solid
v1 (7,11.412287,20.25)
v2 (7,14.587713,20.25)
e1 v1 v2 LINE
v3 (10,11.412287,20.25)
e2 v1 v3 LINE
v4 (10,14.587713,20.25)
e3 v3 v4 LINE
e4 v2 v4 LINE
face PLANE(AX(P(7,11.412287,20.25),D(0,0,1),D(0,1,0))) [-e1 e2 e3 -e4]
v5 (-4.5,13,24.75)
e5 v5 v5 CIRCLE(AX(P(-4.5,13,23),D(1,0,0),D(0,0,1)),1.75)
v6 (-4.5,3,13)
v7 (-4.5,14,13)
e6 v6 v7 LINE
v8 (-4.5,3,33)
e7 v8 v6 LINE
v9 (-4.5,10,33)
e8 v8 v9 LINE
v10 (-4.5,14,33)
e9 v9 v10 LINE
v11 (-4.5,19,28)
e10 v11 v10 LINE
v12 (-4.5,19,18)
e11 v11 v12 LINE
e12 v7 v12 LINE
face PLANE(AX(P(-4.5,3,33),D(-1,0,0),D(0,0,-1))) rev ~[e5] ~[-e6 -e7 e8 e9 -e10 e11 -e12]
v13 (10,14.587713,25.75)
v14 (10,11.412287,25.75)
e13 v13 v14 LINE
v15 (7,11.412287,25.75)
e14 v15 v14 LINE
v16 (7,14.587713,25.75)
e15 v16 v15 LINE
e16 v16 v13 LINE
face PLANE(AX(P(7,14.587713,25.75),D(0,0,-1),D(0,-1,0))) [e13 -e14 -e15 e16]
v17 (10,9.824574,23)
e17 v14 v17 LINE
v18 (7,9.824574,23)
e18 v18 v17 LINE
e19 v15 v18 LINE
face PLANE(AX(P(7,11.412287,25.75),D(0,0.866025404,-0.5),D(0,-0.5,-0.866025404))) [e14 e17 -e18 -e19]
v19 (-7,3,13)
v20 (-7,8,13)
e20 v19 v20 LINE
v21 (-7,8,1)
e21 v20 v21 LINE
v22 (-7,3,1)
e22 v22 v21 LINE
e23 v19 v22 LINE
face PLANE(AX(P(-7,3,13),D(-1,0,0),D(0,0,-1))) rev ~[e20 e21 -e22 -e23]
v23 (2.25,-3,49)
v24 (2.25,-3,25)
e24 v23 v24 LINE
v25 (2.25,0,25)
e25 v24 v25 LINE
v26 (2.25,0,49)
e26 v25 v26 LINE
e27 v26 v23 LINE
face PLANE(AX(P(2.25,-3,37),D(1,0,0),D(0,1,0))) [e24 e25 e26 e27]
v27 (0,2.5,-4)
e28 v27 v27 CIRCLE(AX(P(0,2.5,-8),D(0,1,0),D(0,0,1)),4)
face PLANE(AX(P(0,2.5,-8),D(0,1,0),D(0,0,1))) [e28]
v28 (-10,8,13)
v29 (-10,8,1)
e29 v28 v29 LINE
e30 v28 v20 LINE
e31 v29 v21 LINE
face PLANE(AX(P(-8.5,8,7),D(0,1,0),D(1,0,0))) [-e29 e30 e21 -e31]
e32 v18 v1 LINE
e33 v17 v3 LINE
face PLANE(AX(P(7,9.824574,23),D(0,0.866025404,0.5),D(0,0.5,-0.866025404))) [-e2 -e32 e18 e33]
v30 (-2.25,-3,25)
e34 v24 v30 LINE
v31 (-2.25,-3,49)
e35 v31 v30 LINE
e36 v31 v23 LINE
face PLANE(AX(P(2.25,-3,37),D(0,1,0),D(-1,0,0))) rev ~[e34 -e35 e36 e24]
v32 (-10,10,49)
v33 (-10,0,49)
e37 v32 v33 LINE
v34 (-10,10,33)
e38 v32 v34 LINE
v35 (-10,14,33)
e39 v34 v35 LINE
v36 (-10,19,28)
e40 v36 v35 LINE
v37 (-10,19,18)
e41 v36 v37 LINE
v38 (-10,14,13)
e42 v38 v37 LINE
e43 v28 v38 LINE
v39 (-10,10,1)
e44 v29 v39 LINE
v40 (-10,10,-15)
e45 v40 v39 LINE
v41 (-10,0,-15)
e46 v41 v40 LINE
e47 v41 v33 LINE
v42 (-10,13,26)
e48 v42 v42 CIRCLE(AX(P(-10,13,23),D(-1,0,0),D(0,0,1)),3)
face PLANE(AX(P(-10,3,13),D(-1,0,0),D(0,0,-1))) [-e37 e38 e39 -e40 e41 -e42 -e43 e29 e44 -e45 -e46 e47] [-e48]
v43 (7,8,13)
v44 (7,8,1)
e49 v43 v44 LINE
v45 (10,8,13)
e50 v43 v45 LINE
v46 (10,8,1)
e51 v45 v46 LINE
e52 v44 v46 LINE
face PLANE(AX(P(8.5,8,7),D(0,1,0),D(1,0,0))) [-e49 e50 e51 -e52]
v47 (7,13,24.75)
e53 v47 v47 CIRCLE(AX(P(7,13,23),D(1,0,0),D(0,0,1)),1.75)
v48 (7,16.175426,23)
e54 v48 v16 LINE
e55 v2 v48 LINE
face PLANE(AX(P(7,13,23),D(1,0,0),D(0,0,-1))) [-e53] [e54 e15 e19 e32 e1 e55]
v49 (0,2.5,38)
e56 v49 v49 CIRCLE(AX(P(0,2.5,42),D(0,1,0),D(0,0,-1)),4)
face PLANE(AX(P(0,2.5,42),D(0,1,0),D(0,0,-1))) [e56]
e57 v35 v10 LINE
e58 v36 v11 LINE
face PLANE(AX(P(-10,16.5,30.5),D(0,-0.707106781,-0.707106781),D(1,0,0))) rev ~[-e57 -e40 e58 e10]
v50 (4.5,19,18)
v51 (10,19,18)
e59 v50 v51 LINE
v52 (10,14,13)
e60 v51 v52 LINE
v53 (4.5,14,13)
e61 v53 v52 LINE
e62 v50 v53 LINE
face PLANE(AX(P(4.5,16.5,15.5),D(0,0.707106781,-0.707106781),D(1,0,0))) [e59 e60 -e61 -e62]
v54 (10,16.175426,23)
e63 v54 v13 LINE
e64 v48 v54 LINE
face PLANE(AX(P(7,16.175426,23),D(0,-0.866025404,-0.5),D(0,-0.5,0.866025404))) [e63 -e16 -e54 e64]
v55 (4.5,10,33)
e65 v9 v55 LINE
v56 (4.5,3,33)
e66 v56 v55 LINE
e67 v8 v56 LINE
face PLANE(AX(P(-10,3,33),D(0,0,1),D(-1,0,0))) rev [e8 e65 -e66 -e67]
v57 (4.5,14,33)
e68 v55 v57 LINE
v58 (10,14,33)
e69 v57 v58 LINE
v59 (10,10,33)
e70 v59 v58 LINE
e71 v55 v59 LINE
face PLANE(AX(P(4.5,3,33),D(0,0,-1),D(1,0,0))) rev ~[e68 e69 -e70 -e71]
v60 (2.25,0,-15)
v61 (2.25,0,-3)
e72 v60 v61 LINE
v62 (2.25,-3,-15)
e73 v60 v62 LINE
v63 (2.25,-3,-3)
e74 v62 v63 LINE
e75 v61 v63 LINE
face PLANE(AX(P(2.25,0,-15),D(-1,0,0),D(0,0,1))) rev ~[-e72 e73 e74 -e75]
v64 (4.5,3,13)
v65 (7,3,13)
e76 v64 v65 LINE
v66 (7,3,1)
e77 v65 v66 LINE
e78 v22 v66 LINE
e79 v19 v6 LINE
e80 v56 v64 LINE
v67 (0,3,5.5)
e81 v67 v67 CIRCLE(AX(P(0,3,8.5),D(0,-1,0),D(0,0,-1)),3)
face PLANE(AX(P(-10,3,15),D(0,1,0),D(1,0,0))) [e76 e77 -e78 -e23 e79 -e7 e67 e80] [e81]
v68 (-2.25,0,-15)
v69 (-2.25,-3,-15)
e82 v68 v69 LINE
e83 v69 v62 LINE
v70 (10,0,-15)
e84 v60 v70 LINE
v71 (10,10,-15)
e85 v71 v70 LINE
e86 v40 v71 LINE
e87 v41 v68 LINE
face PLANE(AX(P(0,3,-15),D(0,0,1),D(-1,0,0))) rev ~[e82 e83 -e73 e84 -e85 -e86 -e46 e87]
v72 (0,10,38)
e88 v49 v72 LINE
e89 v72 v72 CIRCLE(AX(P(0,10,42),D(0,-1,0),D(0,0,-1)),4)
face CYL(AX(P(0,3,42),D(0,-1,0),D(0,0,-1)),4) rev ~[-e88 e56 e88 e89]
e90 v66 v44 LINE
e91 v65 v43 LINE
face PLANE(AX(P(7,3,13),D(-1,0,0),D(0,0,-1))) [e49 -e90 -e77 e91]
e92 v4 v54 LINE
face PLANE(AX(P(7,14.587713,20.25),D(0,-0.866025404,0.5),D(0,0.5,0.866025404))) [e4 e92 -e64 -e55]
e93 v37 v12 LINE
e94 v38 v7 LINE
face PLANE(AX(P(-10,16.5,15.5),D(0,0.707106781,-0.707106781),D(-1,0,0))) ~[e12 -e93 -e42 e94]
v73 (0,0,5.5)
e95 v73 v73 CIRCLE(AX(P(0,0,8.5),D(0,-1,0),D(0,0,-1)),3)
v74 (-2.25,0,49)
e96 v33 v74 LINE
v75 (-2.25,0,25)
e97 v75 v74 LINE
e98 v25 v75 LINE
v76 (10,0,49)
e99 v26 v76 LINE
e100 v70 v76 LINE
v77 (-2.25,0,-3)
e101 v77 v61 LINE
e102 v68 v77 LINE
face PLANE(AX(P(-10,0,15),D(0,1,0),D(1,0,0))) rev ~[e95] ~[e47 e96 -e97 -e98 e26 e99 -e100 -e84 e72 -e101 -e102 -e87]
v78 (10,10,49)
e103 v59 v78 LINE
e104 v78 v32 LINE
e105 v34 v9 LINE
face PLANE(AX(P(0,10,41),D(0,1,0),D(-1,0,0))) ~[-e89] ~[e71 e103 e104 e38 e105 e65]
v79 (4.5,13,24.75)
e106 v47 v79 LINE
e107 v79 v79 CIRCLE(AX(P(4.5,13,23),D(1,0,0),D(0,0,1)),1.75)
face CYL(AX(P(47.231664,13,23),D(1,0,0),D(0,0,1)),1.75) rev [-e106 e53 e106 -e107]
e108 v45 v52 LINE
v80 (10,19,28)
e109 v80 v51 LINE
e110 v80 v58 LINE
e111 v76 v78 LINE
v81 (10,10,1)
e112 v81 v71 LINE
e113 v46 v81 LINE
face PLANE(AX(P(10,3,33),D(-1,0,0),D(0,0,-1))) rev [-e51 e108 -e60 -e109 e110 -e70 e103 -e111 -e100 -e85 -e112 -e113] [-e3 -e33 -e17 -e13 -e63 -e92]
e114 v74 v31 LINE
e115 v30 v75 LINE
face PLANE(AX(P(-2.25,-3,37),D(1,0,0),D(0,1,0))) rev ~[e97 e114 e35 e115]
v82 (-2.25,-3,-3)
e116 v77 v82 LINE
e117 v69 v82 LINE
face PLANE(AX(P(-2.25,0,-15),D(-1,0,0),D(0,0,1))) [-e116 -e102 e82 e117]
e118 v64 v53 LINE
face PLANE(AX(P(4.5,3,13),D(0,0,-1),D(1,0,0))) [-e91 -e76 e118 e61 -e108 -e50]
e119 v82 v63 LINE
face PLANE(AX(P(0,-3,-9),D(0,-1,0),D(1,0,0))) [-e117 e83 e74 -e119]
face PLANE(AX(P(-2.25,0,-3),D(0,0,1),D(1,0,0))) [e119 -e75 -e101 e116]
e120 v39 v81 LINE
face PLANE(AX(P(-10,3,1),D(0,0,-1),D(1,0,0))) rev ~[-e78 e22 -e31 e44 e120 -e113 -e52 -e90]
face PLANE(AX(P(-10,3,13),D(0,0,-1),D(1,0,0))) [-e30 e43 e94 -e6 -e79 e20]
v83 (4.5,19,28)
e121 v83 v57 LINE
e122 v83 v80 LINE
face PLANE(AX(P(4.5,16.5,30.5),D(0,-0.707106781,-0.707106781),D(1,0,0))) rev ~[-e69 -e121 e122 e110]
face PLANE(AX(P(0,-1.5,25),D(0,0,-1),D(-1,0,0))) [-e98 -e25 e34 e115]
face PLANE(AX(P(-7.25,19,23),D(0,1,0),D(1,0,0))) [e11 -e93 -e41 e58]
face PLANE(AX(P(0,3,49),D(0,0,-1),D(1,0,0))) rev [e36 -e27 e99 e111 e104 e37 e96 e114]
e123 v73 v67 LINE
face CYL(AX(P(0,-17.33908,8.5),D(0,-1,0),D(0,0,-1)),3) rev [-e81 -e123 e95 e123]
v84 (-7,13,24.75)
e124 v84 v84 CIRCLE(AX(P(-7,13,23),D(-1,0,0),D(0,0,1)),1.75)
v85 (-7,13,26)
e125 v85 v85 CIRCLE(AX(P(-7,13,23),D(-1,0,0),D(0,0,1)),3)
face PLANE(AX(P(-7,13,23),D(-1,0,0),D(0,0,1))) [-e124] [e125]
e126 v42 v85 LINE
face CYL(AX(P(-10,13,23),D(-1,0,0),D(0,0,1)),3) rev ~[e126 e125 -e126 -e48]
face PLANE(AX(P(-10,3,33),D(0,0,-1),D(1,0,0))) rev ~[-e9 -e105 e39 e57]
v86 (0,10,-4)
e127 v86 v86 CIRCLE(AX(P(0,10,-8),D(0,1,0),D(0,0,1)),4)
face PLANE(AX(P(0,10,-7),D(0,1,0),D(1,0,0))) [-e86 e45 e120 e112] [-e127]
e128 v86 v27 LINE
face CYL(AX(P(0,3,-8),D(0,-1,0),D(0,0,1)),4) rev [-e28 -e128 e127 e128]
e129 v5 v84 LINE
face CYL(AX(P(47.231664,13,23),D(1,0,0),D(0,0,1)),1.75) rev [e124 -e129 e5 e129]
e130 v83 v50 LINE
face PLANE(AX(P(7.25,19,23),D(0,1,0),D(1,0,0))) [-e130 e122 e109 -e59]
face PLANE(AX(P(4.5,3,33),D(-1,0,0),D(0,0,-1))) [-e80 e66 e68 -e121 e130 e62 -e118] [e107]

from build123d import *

# Parameters (mm, degrees)
SKETCH1_W               = 20
SKETCH1_H               = 30
BOSS_EXTRUDE1_DEPTH     = 3
SKETCH2_W               = 4.5
SKETCH2_H               = 12
BOSS_EXTRUDE2_DEPTH     = 3
SKETCH3_R               = 7
SKETCH3_R_2             = 4
BOSS_EXTRUDE3_DEPTH     = 7
SKETCH4_R               = 4
BOSS_EXTRUDE4_DEPTH     = 1
CUT_EXTRUDE1_DEPTH      = 20.339079606
CUT_EXTRUDE1_DEPTH_BACK = 20.339079606
SKETCH5_R               = 3
SKETCH6_R               = 7
SKETCH6_R_2             = 4
BOSS_EXTRUDE6_DEPTH     = 7
SKETCH7_W               = 20
SKETCH7_H               = 3
BOSS_EXTRUDE7_DEPTH     = 19
SKETCH8_W               = 4.5
SKETCH8_H               = 3
BOSS_EXTRUDE8_DEPTH     = 12
SKETCH10_W              = 5.5
SKETCH10_H              = 20
BOSS_EXTRUDE9_DEPTH     = 16
CUT_EXTRUDE2_DEPTH      = 57.231663678
CUT_EXTRUDE2_DEPTH_BACK = 57.231663678
SKETCH11_R              = 1.75
SKETCH12_R              = 3
SKETCH12_R_2            = 1.75
CUT_EXTRUDE3_DEPTH      = 3
CUT_EXTRUDE4_START      = -3
SKETCH13_R              = 1.75
CUT_EXTRUDE4_DEPTH      = 3
CHAMFER2_SIZE           = 5
CUT_EXTRUDE5_START      = -1.5
SKETCH14_R              = 4
CUT_EXTRUDE5_DEPTH      = 1.5
SKETCH15_W              = 3
SKETCH15_H              = 12
BOSS_EXTRUDE10_DEPTH    = 5


with BuildPart() as part:
    # Sketch1 → Boss-Extrude1 (new body)
    with BuildSketch(Plane(origin=(0, 0, 0), x_dir=(1, 0, 0), z_dir=(0, 1, 0))):
        Rectangle(SKETCH1_W, SKETCH1_H)
    boss_extrude1 = extrude(amount=BOSS_EXTRUDE1_DEPTH)

    # Sketch2 → Boss-Extrude2 (add)
    with BuildSketch(Plane.XZ):
        with Locations((0, -9)):
            Rectangle(SKETCH2_W, SKETCH2_H)
    boss_extrude2 = extrude(amount=BOSS_EXTRUDE2_DEPTH)

    # Sketch3 → Boss-Extrude3 (add)
    with BuildSketch(Plane(origin=(0, 3, 0), x_dir=(1, 0, 0), z_dir=(0, 1, 0))):
        with Locations(Location((0, 8, 0), (0, 0, 90))):
            Circle(SKETCH3_R)
        with Locations(Location((0, 8, 0), (0, 0, 270))):
            Circle(SKETCH3_R_2, mode=Mode.SUBTRACT)
    boss_extrude3 = extrude(amount=BOSS_EXTRUDE3_DEPTH)

    # Sketch4 → Boss-Extrude4 (add)
    with BuildSketch(Plane(origin=(0, 3, 0), x_dir=(1, 0, 0), z_dir=(0, 1, 0))):
        with Locations(Location((0, 8, 0), (0, 0, 270))):
            Circle(SKETCH4_R)
    boss_extrude4 = extrude(amount=BOSS_EXTRUDE4_DEPTH)

    # Sketch5 → Cut-Extrude1 (cut, two sides: drawn at the far end of the back side and taken through both)
    with BuildSketch(Plane(origin=(0, 3, 0), x_dir=(1, 0, 0), z_dir=(0, 1, 0)).offset(-CUT_EXTRUDE1_DEPTH_BACK)):
        with Locations(Location((0, -8.5, 0), (0, 0, 90))):
            Circle(SKETCH5_R)
    extrude(amount=CUT_EXTRUDE1_DEPTH + CUT_EXTRUDE1_DEPTH_BACK, mode=Mode.SUBTRACT)

    # Sketch6 → Boss-Extrude6 (add)
    # profile 1 of 2: a face of its own
    with BuildSketch(Plane(origin=(0, 3, 0), x_dir=(1, 0, 0), z_dir=(0, 1, 0))):
        Polygon((0, 15), (-10, 15), (-10, -1), (10, -1), (10, 15), align=None)
        with BuildLine():
            ThreePointArc((7, 8), (-4.949747468, 3.050252532), (0, 15))
            ThreePointArc((0, 15), (4.949747468, 12.949747468), (7, 8))
        make_face(mode=Mode.SUBTRACT)
    # profile 2 of 2: a face of its own
    with BuildSketch(Plane(origin=(0, 3, 0), x_dir=(1, 0, 0), z_dir=(0, 1, 0))):
        with Locations((0, 8)):
            Circle(SKETCH6_R)
        with Locations(Location((0, 8, 0), (0, 0, 270))):
            Circle(SKETCH6_R_2, mode=Mode.SUBTRACT)
    boss_extrude6 = extrude(amount=BOSS_EXTRUDE6_DEPTH)

    # Sketch7 → Boss-Extrude7 (add)
    with BuildSketch(Plane.XY.offset(15)):
        with Locations((0, 1.5)):
            Rectangle(SKETCH7_W, SKETCH7_H)
    extrude(amount=BOSS_EXTRUDE7_DEPTH)

    # Mirror3: Boss-Extrude1, Boss-Extrude2, Boss-Extrude3, Boss-Extrude4, Boss-Extrude6 across plane
    add(boss_extrude1.mirror(Plane.XY.offset(17)))
    add(boss_extrude2.mirror(Plane.XY.offset(17)))
    add(boss_extrude3.mirror(Plane.XY.offset(17)))
    add(boss_extrude4.mirror(Plane.XY.offset(17)))
    add(boss_extrude6.mirror(Plane.XY.offset(17)))

    # Sketch8 → Boss-Extrude8 (add)
    with BuildSketch(Plane(origin=(0, 0, 37), x_dir=(-1, 0, 0), z_dir=(0, 0, -1))):
        with Locations((0, -1.5)):
            Rectangle(SKETCH8_W, SKETCH8_H)
    extrude(amount=BOSS_EXTRUDE8_DEPTH)

    # Sketch10 → Boss-Extrude9 (add)
    with BuildSketch(Plane(origin=(0, 3, 0), x_dir=(1, 0, 0), z_dir=(0, 1, 0))):
        with Locations((-7.25, -23)):
            Rectangle(SKETCH10_W, SKETCH10_H)
        with Locations((7.25, -23)):
            Rectangle(SKETCH10_W, SKETCH10_H)
    extrude(amount=BOSS_EXTRUDE9_DEPTH)

    # Sketch11 → Cut-Extrude2 (cut, two sides: drawn at the far end of the back side and taken through both)
    with BuildSketch(Plane.ZY.offset(10).offset(-CUT_EXTRUDE2_DEPTH_BACK)):
        with Locations((23, 13)):
            Circle(SKETCH11_R)
    extrude(amount=CUT_EXTRUDE2_DEPTH + CUT_EXTRUDE2_DEPTH_BACK, mode=Mode.SUBTRACT)

    # Sketch12 → Cut-Extrude3 (cut)
    with BuildSketch(Plane.ZY.offset(10)):
        with Locations((23, 13)):
            Circle(SKETCH12_R)
        with Locations((23, 13)):
            Circle(SKETCH12_R_2, mode=Mode.SUBTRACT)
    extrude(amount=-CUT_EXTRUDE3_DEPTH, mode=Mode.SUBTRACT)

    # Sketch13 → Cut-Extrude4 (cut)
    with BuildSketch(Plane(origin=(10, 0, 0), x_dir=(0, 0, -1), z_dir=(1, 0, 0)).offset(CUT_EXTRUDE4_START)):
        Polygon((-23, 16.175426481), (-25.75, 14.58771324), (-25.75, 11.41228676), (-23, 9.824573519), (-20.25, 11.41228676), (-20.25, 14.58771324), align=None)
        with Locations((-23, 13)):
            Circle(SKETCH13_R, mode=Mode.SUBTRACT)
    extrude(amount=CUT_EXTRUDE4_DEPTH, mode=Mode.SUBTRACT)

    # Chamfer2
    chamfer2_edges = [part.edges().sort_by_distance(p)[0] for p in [
        (-7.25, 19, 13),
        (-7.25, 19, 33),
        (7.25, 19, 13),
        (7.25, 19, 33),
    ]]
    chamfer(chamfer2_edges, length=CHAMFER2_SIZE)

    # Sketch14 → Cut-Extrude5 (cut)
    with BuildSketch(Plane(origin=(0, 4, 0), x_dir=(1, 0, 0), z_dir=(0, 1, 0)).offset(CUT_EXTRUDE5_START)):
        with Locations(Location((0, -42, 0), (0, 0, 90))):
            Circle(SKETCH14_R)
        with Locations(Location((0, 8, 0), (0, 0, 270))):
            Circle(SKETCH14_R)
    extrude(amount=CUT_EXTRUDE5_DEPTH, mode=Mode.SUBTRACT)

    # Sketch15 → Boss-Extrude10 (add)
    with BuildSketch(Plane(origin=(0, 3, 0), x_dir=(1, 0, 0), z_dir=(0, 1, 0))):
        with Locations((-8.5, -7)):
            Rectangle(SKETCH15_W, SKETCH15_H)
        with Locations((8.5, -7)):
            Rectangle(SKETCH15_W, SKETCH15_H)
    extrude(amount=BOSS_EXTRUDE10_DEPTH)


solid = part.part
